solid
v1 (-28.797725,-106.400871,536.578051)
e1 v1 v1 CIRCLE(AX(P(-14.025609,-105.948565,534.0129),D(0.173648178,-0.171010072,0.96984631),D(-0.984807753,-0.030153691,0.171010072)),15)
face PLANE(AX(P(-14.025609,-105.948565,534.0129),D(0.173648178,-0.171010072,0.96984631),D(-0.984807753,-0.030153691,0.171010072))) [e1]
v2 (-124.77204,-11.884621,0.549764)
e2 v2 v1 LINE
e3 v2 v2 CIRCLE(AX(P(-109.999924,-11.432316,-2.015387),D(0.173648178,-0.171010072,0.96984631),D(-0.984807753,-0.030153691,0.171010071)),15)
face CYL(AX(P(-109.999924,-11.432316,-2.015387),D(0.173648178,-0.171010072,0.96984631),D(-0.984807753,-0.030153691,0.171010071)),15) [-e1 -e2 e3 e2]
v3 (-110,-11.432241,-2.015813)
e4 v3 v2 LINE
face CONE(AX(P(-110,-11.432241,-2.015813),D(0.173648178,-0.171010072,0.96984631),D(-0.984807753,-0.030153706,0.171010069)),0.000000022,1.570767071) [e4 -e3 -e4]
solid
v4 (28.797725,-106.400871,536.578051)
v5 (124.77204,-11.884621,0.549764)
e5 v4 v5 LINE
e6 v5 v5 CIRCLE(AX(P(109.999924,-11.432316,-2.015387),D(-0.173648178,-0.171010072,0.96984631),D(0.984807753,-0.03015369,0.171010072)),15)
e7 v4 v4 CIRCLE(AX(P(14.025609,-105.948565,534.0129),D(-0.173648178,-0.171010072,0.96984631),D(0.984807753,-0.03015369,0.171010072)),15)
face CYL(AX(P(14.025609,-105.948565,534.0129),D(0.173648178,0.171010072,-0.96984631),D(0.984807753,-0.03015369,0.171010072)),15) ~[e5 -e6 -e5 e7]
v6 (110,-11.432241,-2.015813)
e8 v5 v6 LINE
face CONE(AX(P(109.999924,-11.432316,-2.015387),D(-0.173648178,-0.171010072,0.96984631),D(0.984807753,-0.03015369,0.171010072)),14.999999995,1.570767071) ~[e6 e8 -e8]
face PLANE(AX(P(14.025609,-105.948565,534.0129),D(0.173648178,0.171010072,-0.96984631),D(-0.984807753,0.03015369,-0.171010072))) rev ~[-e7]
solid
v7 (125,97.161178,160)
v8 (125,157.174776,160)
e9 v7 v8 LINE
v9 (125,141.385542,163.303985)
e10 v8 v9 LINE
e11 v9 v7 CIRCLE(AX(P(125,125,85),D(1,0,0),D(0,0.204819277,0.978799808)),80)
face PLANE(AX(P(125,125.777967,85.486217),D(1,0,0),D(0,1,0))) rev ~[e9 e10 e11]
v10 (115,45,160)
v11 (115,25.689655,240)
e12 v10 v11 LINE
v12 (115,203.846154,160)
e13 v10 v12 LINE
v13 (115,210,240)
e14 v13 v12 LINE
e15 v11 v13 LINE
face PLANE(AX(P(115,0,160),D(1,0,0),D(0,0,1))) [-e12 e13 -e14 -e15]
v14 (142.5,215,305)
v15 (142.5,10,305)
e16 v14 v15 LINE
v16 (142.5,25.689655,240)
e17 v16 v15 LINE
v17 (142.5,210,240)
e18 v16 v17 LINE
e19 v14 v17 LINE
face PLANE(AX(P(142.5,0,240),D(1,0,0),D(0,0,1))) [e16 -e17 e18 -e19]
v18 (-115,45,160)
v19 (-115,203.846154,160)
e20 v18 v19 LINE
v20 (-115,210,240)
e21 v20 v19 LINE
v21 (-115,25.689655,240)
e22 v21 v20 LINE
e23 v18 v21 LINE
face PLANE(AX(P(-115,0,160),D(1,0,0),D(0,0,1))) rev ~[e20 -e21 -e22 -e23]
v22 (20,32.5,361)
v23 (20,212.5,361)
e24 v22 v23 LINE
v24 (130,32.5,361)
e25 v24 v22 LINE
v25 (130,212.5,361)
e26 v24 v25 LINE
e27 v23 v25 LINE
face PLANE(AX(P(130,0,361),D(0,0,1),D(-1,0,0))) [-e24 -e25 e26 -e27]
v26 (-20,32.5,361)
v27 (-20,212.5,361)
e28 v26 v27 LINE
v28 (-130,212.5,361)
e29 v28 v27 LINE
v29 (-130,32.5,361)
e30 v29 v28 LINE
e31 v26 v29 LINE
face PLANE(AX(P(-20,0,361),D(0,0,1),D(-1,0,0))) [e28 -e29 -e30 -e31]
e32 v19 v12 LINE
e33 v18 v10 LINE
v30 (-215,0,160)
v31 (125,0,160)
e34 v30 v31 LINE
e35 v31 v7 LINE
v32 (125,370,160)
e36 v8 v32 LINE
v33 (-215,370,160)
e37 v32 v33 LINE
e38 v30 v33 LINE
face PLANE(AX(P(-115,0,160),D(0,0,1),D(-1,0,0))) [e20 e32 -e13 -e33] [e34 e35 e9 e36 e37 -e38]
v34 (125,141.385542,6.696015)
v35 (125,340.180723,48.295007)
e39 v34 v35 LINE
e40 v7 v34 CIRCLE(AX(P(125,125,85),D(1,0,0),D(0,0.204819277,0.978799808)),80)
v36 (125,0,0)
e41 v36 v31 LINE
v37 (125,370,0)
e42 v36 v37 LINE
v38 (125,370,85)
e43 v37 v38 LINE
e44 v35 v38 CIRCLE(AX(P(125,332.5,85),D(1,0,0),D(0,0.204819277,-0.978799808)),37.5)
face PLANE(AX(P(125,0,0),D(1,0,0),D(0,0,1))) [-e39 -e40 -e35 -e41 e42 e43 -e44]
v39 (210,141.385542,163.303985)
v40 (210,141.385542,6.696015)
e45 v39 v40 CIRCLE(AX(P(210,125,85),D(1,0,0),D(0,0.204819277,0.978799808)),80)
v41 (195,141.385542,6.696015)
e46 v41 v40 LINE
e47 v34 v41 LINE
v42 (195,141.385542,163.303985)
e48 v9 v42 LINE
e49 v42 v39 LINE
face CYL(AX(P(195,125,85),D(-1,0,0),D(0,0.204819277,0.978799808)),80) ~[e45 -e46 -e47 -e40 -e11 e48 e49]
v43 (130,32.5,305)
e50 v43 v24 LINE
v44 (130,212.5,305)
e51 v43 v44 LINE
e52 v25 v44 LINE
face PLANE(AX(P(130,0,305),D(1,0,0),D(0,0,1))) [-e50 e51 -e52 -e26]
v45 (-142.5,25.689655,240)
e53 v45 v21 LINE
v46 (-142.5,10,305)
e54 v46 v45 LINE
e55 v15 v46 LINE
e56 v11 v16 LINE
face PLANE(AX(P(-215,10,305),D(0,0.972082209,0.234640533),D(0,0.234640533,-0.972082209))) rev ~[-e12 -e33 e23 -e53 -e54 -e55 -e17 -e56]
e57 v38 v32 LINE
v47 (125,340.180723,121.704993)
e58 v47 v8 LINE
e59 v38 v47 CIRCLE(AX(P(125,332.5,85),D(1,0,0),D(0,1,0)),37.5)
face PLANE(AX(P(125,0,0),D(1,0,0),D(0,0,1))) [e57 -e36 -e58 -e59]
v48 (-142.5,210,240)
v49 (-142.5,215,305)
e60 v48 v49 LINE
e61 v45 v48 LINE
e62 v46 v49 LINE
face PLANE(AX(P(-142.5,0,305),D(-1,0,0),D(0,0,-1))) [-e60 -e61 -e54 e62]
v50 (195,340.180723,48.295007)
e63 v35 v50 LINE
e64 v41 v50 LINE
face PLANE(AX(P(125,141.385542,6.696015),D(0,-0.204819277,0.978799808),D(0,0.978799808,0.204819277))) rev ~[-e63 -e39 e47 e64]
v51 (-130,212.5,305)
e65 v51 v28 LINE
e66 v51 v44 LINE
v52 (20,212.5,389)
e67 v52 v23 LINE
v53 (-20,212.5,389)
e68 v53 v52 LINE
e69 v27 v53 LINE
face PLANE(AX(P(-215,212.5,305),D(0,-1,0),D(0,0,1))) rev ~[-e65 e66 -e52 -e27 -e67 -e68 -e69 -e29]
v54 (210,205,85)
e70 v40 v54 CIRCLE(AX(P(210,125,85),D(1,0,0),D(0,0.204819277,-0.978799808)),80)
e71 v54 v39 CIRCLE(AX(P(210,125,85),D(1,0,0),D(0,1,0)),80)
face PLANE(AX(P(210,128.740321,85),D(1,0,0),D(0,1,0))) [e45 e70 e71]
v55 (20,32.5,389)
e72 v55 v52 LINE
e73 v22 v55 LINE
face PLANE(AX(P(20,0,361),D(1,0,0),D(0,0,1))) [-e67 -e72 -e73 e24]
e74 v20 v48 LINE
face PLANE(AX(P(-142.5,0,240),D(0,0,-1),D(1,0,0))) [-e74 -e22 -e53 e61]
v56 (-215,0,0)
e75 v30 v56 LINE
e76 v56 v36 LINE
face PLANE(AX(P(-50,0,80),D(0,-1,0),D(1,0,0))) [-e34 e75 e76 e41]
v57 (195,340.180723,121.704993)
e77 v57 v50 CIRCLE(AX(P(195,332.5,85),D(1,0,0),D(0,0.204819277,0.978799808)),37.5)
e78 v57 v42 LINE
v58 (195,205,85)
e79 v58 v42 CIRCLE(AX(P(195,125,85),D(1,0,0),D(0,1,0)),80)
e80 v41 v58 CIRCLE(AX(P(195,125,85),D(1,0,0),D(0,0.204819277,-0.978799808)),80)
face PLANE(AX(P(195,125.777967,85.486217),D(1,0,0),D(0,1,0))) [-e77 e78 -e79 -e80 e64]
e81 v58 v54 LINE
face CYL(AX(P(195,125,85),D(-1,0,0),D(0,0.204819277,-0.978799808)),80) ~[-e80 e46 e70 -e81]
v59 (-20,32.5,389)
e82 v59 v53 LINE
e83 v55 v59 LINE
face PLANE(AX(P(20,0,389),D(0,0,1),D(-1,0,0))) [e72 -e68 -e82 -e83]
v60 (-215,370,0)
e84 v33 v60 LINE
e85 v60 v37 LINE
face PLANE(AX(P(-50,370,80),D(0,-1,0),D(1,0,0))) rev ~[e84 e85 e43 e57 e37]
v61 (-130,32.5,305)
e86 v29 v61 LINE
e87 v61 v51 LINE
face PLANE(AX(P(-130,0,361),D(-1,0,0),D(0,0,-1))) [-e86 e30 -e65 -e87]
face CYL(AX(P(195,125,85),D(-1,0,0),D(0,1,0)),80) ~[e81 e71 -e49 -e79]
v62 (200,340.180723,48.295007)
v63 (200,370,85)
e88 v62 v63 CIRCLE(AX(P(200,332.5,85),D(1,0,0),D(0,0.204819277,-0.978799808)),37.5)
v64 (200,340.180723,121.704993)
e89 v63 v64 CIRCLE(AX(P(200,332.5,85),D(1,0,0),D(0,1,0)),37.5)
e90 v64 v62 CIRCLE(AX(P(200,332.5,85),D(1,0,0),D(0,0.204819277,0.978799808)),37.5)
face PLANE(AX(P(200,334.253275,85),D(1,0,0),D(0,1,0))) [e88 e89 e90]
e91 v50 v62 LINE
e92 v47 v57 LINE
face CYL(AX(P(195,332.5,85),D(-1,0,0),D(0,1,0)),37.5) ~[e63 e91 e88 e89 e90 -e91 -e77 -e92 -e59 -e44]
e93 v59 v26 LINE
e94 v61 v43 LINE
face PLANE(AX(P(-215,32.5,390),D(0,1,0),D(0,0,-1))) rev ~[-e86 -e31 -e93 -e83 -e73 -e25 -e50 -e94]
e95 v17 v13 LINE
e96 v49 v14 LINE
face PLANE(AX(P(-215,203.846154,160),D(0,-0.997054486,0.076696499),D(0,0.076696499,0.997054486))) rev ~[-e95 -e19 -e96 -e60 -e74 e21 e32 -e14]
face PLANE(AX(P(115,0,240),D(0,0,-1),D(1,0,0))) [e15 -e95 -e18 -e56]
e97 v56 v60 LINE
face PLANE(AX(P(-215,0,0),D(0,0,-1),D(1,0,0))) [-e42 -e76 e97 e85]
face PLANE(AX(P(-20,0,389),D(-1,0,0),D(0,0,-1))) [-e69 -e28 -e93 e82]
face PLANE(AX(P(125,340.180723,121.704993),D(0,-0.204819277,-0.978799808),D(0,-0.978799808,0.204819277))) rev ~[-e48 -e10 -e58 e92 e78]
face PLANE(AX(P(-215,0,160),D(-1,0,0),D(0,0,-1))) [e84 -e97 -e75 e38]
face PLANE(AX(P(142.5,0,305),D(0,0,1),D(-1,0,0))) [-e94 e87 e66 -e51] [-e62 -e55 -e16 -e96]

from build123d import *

# Parameters (mm, degrees)
F0_W      = 10
F0_H      = 160
F0_W_2    = 230
F0_H_2    = 80
F1_DEPTH  = 370
F3_DEPTH  = 357.501
F10_DEPTH = 70
F12_DEPTH = 15
F13_DEPTH = 5


with BuildPart() as f1:
    # F0 (on Front) → F1 (new body)
    with BuildSketch(Plane.XZ):
        Polygon((-215, 160), (-215, 0), (115, 0), (115, 160), (-115, 160), align=None)
        with Locations((120, 80)):
            Rectangle(F0_W, F0_H)
        with Locations((0, 200)):
            Rectangle(F0_W_2, F0_H_2)
        Polygon((-115, 240), (115, 240), (142.5, 240), (142.5, 305), (130, 305), (-130, 305), (-142.5, 305), (-142.5, 240), align=None)
        Polygon((-130, 305), (130, 305), (130, 361), (20, 361), (20, 389), (-20, 389), (-20, 361), (-130, 361), align=None)
    extrude(amount=-F1_DEPTH)

    # F2 (on face) → F3 (cut, through all)
    with BuildSketch(Plane(origin=(-215, 0, 0), x_dir=(0, -1, 0), z_dir=(-1, 0, 0))):
        Polygon((-405.7104587555, 160), (-370, 160), (-203.8461538462, 160), (-210, 240), (-215, 305), (-212.5, 305), (-212.5, 390), (-405.7104587555, 390), align=None)
        Polygon((-25.6896551724, 240), (-45, 160), (0, 160), (90.0000333786, 160), (90.0000333786, 390), (-32.5, 390), (-32.5, 305), (-10, 305), align=None)
    extrude(amount=-F3_DEPTH, mode=Mode.SUBTRACT)

    # F9 (on face) → F10 (join)
    with BuildSketch(Plane.YZ.offset(125)):
        with BuildLine():
            Line((152.8388218141, 160), (97.1611781859, 160))
            ThreePointArc((97.1611781859, 160), (48.1343878644, 62.826194034), (141.3855421687, 6.696015377))
            ThreePointArc((141.3855421687, 6.696015377), (187.0920420565, 34.5561865711), (205, 85))
            ThreePointArc((205, 85), (190.6776436283, 130.6776436283), (152.8388218141, 160))
        make_face()
        with BuildLine():
            Line((157.1747762661, 160), (152.8388218141, 160))
            ThreePointArc((152.8388218141, 160), (190.6776436283, 130.6776436283), (205, 85))
            ThreePointArc((205, 85), (187.0920420565, 34.5561865711), (141.3855421687, 6.696015377))
            Line((141.3855421687, 6.696015377), (340.1807228916, 48.295007208))
            ThreePointArc((340.1807228916, 48.295007208), (295, 85), (340.1807228916, 121.704992792))
            Line((340.1807228916, 121.704992792), (157.1747762661, 160))
        make_face()
        with BuildLine():
            ThreePointArc((340.1807228916, 48.295007208), (361.605644714, 61.3544624552), (370, 85))
            ThreePointArc((370, 85), (361.605644714, 108.6455375448), (340.1807228916, 121.704992792))
            ThreePointArc((340.1807228916, 121.704992792), (295, 85), (340.1807228916, 48.295007208))
        make_face()
        with BuildLine():
            ThreePointArc((141.3855421687, 163.303984623), (119.0398420947, 164.7776692925), (97.1611781859, 160))
            Line((97.1611781859, 160), (152.8388218141, 160))
            ThreePointArc((152.8388218141, 160), (147.173805966, 161.8656121356), (141.3855421687, 163.303984623))
        make_face()
        with BuildLine():
            ThreePointArc((141.3855421687, 163.303984623), (147.173805966, 161.8656121356), (152.8388218141, 160))
            Line((152.8388218141, 160), (157.1747762661, 160))
            Line((157.1747762661, 160), (141.3855421687, 163.303984623))
        make_face()
    extrude(amount=F10_DEPTH)

    # F11 (on face) → F12 (join)
    with BuildSketch(Plane.YZ.offset(195)):
        with BuildLine():
            ThreePointArc((141.3855421687, 6.696015377), (187.0920420565, 34.5561865711), (205, 85))
            ThreePointArc((205, 85), (187.0920420565, 135.4438134289), (141.3855421687, 163.303984623))
            ThreePointArc((141.3855421687, 163.303984623), (45, 85), (141.3855421687, 6.696015377))
        make_face()
    extrude(amount=F12_DEPTH)

    # F11 (on face) → F13 (join)
    with BuildSketch(Plane.YZ.offset(195)):
        with BuildLine():
            ThreePointArc((370, 85), (361.605644714, 108.6455375448), (340.1807228916, 121.704992792))
            ThreePointArc((340.1807228916, 121.704992792), (295, 85), (340.1807228916, 48.295007208))
            ThreePointArc((340.1807228916, 48.295007208), (361.605644714, 61.3544624552), (370, 85))
        make_face()
    extrude(amount=F13_DEPTH)


with BuildPart() as f7:
    # F6 (on line) → F7 (revolve)
    with BuildSketch(Plane(origin=(0, -11.4322409497, -2.0158125294), x_dir=(-1, 0, 0), z_dir=(0, 0.984807753, 0.1736481777))):
        Polygon((-124.7720400912, 2.605154839), (-110, 0), (-56.2202708839, 305), (-14.0256089805, 544.2978189377), (-28.7977252757, 546.9025416027), (-70.9919709792, 307.6070830518), align=None)
    revolve(axis=Axis((83.110135442, -37.9135880439, 148.167369805), (-0.1736481777, -0.1710100717, 0.9698463104)))


with BuildPart() as f8:
    # F6 (on line) → F8 (revolve)
    with BuildSketch(Plane(origin=(0, -11.4322409497, -2.0158125294), x_dir=(-1, 0, 0), z_dir=(0, 0.984807753, 0.1736481777))):
        Polygon((28.7977252757, 546.9025416027), (14.0256089805, 544.2978189377), (56.2202708839, 305), (110, 0), (124.7720400912, 2.605154839), (70.9919709792, 307.6070830518), align=None)
    revolve(axis=Axis((-28.110135442, -92.0780144595, 455.3490966062), (0.1736481777, -0.1710100717, 0.9698463104)))


solid = Compound([f1.part, f7.part, f8.part])
